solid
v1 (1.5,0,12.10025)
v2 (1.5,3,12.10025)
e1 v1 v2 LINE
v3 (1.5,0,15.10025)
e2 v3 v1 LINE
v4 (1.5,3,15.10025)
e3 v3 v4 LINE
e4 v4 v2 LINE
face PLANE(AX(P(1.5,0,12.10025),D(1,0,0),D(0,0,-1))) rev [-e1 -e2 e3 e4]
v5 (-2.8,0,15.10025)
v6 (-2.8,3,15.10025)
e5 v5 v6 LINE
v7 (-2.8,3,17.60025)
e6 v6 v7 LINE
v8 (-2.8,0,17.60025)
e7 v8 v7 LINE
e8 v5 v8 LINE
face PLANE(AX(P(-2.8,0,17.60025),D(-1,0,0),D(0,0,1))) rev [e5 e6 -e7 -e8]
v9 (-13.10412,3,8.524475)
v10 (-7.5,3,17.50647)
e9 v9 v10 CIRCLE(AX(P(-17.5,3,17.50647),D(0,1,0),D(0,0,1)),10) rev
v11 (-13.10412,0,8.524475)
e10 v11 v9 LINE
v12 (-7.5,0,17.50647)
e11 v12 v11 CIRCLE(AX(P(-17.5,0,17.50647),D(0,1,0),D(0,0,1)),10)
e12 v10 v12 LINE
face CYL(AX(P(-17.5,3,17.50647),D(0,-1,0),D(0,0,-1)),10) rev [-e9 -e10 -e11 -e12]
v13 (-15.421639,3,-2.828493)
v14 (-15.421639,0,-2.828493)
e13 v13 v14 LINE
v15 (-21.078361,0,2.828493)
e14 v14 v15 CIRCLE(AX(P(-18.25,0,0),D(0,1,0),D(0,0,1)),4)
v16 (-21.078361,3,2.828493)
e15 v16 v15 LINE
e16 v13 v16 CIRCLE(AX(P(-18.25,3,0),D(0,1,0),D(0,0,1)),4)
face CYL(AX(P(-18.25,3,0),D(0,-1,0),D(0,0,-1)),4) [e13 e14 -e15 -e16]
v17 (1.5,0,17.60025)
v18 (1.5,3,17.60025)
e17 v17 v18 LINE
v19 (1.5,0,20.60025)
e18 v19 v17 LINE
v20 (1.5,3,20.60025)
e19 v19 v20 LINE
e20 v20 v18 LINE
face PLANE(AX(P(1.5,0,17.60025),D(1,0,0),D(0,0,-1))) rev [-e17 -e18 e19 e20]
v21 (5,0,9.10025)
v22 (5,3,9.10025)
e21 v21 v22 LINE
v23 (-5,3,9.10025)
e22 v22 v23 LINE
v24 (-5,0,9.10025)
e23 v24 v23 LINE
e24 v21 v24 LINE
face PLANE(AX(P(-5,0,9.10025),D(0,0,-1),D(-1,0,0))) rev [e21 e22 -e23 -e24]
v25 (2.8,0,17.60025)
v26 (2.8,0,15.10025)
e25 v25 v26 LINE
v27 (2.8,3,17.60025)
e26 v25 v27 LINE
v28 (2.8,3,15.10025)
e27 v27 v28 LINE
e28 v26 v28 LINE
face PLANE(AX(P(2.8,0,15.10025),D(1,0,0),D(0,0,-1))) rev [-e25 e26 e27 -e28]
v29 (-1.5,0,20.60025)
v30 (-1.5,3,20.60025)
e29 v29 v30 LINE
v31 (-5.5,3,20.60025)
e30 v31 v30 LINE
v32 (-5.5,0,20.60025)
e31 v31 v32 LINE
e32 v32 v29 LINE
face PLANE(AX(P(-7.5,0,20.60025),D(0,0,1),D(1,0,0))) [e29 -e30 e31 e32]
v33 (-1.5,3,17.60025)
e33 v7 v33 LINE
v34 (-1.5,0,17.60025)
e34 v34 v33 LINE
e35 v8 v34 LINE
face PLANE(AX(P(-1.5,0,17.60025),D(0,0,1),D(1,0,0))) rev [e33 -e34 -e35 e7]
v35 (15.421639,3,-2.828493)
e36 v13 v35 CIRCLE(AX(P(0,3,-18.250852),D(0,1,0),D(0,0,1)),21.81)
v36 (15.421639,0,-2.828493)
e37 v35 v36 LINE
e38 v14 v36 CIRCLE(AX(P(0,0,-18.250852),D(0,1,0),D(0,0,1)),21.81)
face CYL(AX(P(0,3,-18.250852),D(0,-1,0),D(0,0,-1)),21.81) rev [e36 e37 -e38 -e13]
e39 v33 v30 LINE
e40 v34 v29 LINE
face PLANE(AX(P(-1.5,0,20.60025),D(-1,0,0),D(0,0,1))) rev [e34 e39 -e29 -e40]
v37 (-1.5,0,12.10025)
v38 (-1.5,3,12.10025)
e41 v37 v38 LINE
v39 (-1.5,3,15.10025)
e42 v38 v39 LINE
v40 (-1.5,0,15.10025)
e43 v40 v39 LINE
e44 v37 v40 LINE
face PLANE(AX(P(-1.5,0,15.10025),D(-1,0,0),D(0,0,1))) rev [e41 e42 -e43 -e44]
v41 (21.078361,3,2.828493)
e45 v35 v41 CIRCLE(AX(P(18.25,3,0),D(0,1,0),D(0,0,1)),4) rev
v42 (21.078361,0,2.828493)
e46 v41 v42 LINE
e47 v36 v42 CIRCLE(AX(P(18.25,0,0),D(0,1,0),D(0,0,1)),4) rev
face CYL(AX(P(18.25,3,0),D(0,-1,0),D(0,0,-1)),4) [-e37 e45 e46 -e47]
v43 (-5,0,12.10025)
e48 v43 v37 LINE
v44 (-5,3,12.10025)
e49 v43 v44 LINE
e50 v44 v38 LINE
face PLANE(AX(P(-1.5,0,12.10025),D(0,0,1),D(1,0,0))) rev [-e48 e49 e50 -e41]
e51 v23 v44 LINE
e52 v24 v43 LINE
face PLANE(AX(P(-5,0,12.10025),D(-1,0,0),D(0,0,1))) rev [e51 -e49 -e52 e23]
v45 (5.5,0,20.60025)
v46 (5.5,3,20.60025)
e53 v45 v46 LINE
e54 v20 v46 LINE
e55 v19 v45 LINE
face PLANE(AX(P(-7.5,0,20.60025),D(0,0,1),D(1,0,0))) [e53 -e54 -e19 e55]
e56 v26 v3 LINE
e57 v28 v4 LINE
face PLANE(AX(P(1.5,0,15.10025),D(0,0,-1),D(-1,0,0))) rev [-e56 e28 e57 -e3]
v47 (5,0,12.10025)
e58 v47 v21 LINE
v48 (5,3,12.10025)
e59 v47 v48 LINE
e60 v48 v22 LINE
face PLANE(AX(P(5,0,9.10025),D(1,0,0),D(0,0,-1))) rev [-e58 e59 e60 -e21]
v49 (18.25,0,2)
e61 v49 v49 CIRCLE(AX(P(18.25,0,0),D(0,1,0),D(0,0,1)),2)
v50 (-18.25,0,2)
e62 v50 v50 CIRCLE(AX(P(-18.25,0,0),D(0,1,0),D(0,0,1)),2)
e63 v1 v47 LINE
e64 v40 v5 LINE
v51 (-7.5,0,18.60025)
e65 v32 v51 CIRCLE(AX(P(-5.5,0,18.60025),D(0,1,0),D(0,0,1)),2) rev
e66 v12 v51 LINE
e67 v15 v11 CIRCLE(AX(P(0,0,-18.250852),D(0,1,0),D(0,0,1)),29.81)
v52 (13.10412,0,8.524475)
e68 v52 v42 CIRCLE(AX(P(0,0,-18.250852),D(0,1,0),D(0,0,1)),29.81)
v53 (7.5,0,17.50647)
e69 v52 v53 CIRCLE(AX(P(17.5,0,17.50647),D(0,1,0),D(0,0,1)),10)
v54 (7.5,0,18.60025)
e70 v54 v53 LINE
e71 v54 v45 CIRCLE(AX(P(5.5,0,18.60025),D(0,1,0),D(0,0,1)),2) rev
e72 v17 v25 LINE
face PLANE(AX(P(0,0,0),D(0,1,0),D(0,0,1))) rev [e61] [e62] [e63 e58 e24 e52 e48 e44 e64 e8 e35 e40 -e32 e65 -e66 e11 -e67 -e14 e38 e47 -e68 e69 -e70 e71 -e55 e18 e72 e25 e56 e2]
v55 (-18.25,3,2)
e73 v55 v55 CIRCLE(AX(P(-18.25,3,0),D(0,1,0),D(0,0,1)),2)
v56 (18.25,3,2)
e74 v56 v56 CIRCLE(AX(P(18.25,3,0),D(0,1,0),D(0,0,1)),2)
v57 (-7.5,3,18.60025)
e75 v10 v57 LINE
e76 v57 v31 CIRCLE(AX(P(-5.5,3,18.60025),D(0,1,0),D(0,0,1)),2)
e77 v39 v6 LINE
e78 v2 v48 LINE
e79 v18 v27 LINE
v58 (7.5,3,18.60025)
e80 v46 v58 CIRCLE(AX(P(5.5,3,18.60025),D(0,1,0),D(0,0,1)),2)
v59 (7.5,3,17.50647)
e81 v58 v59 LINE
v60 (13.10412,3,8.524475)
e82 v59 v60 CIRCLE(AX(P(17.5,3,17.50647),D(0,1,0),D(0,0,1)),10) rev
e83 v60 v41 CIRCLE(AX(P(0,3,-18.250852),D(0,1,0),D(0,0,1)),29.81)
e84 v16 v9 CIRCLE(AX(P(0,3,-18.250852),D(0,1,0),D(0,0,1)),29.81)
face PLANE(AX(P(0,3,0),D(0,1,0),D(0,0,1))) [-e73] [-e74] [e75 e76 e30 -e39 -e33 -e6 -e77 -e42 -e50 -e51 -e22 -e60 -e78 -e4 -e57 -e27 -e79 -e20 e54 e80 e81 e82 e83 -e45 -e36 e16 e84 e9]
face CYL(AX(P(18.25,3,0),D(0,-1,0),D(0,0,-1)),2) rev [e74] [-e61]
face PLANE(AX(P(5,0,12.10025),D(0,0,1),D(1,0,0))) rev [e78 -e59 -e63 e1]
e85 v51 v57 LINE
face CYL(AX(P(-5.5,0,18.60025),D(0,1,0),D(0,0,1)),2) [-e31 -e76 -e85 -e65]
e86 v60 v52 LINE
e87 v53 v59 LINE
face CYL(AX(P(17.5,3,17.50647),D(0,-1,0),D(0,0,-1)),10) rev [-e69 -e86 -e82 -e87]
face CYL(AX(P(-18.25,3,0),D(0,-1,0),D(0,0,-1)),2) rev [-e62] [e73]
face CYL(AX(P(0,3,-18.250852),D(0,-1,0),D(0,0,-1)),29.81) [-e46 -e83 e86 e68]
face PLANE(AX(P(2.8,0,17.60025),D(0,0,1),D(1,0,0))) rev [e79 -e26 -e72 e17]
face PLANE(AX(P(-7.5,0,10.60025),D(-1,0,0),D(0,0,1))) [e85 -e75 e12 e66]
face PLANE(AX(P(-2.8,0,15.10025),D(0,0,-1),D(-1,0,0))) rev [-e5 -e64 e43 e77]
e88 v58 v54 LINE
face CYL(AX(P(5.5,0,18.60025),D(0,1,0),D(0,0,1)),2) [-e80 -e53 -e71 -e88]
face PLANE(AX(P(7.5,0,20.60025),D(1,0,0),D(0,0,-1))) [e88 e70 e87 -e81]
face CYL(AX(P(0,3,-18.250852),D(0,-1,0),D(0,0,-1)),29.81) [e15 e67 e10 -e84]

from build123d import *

# Parameters (mm, degrees)
SKETCH1_R           = 2
BOSS_EXTRUDE1_DEPTH = 3
BOSS_EXTRUDE2_DEPTH = 3
CUT_EXTRUDE2_DEPTH  = 3
FILLET1_R           = 10
FILLET2_R           = 2


with BuildPart() as part:
    # Sketch1 → Boss-Extrude1 (new body)
    with BuildSketch(Plane(origin=(0, 0, 0), x_dir=(1, 0, 0), z_dir=(0, 1, 0))):
        with BuildLine():
            ThreePointArc((15.4216389, 2.828493148), (21.078493148, 2.8283611), (21.0783611, -2.828493148))
            ThreePointArc((21.0783611, -2.828493148), (0, -11.559147965), (-21.0783611, -2.828493148))
            ThreePointArc((-21.0783611, -2.828493148), (-21.078493148, 2.8283611), (-15.4216389, 2.828493148))
            ThreePointArc((-15.4216389, 2.828493148), (0, -3.559147965), (15.4216389, 2.828493148))
        make_face()
        with Locations((18.25, 0)):
            Circle(SKETCH1_R, mode=Mode.SUBTRACT)
        with Locations((-18.25, 0)):
            Circle(SKETCH1_R, mode=Mode.SUBTRACT)
    extrude(amount=BOSS_EXTRUDE1_DEPTH)

    # Sketch2 → Boss-Extrude2 (add)
    with BuildSketch(Plane(origin=(0, 3, 0), x_dir=(1, 0, 0), z_dir=(0, 1, 0))):
        with BuildLine():
            Line((-7.5, -10.600250197), (-7.5, -20.600250197))
            Line((-7.5, -20.600250197), (7.5, -20.600250197))
            Line((7.5, -20.600250197), (7.5, -10.600250197))
            ThreePointArc((7.5, -10.600250197), (0, -11.559147965), (-7.5, -10.600250197))
        make_face()
    extrude(amount=-BOSS_EXTRUDE2_DEPTH)

    # Sketch4 → Cut-Extrude2 (cut)
    with BuildSketch(Plane(origin=(0, 3, 0), x_dir=(1, 0, 0), z_dir=(0, 1, 0))):
        Polygon((-1.5, -20.600250197), (-1.5, -17.600250197), (-2.8, -17.600250197), (-2.8, -15.100250197), (-1.5, -15.100250197), (-1.5, -12.100250197), (-5, -12.100250197), (-5, -9.100250197), (5, -9.100250197), (5, -12.100250197), (1.5, -12.100250197), (1.5, -15.100250197), (2.8, -15.100250197), (2.8, -17.600250197), (1.5, -17.600250197), (1.5, -20.600250197), align=None)
    extrude(amount=-CUT_EXTRUDE2_DEPTH, mode=Mode.SUBTRACT)

    # Fillet1
    fillet1_edges = [part.edges().sort_by_distance(p)[0] for p in [
        (-7.5, 1.5, 10.600250197),
        (7.5, 1.5, 10.600250197),
    ]]
    fillet(fillet1_edges, radius=FILLET1_R)

    # Fillet2
    fillet2_edges = [part.edges().sort_by_distance(p)[0] for p in [
        (7.5, 1.5, 20.600250197),
        (-7.5, 1.5, 20.600250197),
    ]]
    fillet(fillet2_edges, radius=FILLET2_R)


solid = part.part
